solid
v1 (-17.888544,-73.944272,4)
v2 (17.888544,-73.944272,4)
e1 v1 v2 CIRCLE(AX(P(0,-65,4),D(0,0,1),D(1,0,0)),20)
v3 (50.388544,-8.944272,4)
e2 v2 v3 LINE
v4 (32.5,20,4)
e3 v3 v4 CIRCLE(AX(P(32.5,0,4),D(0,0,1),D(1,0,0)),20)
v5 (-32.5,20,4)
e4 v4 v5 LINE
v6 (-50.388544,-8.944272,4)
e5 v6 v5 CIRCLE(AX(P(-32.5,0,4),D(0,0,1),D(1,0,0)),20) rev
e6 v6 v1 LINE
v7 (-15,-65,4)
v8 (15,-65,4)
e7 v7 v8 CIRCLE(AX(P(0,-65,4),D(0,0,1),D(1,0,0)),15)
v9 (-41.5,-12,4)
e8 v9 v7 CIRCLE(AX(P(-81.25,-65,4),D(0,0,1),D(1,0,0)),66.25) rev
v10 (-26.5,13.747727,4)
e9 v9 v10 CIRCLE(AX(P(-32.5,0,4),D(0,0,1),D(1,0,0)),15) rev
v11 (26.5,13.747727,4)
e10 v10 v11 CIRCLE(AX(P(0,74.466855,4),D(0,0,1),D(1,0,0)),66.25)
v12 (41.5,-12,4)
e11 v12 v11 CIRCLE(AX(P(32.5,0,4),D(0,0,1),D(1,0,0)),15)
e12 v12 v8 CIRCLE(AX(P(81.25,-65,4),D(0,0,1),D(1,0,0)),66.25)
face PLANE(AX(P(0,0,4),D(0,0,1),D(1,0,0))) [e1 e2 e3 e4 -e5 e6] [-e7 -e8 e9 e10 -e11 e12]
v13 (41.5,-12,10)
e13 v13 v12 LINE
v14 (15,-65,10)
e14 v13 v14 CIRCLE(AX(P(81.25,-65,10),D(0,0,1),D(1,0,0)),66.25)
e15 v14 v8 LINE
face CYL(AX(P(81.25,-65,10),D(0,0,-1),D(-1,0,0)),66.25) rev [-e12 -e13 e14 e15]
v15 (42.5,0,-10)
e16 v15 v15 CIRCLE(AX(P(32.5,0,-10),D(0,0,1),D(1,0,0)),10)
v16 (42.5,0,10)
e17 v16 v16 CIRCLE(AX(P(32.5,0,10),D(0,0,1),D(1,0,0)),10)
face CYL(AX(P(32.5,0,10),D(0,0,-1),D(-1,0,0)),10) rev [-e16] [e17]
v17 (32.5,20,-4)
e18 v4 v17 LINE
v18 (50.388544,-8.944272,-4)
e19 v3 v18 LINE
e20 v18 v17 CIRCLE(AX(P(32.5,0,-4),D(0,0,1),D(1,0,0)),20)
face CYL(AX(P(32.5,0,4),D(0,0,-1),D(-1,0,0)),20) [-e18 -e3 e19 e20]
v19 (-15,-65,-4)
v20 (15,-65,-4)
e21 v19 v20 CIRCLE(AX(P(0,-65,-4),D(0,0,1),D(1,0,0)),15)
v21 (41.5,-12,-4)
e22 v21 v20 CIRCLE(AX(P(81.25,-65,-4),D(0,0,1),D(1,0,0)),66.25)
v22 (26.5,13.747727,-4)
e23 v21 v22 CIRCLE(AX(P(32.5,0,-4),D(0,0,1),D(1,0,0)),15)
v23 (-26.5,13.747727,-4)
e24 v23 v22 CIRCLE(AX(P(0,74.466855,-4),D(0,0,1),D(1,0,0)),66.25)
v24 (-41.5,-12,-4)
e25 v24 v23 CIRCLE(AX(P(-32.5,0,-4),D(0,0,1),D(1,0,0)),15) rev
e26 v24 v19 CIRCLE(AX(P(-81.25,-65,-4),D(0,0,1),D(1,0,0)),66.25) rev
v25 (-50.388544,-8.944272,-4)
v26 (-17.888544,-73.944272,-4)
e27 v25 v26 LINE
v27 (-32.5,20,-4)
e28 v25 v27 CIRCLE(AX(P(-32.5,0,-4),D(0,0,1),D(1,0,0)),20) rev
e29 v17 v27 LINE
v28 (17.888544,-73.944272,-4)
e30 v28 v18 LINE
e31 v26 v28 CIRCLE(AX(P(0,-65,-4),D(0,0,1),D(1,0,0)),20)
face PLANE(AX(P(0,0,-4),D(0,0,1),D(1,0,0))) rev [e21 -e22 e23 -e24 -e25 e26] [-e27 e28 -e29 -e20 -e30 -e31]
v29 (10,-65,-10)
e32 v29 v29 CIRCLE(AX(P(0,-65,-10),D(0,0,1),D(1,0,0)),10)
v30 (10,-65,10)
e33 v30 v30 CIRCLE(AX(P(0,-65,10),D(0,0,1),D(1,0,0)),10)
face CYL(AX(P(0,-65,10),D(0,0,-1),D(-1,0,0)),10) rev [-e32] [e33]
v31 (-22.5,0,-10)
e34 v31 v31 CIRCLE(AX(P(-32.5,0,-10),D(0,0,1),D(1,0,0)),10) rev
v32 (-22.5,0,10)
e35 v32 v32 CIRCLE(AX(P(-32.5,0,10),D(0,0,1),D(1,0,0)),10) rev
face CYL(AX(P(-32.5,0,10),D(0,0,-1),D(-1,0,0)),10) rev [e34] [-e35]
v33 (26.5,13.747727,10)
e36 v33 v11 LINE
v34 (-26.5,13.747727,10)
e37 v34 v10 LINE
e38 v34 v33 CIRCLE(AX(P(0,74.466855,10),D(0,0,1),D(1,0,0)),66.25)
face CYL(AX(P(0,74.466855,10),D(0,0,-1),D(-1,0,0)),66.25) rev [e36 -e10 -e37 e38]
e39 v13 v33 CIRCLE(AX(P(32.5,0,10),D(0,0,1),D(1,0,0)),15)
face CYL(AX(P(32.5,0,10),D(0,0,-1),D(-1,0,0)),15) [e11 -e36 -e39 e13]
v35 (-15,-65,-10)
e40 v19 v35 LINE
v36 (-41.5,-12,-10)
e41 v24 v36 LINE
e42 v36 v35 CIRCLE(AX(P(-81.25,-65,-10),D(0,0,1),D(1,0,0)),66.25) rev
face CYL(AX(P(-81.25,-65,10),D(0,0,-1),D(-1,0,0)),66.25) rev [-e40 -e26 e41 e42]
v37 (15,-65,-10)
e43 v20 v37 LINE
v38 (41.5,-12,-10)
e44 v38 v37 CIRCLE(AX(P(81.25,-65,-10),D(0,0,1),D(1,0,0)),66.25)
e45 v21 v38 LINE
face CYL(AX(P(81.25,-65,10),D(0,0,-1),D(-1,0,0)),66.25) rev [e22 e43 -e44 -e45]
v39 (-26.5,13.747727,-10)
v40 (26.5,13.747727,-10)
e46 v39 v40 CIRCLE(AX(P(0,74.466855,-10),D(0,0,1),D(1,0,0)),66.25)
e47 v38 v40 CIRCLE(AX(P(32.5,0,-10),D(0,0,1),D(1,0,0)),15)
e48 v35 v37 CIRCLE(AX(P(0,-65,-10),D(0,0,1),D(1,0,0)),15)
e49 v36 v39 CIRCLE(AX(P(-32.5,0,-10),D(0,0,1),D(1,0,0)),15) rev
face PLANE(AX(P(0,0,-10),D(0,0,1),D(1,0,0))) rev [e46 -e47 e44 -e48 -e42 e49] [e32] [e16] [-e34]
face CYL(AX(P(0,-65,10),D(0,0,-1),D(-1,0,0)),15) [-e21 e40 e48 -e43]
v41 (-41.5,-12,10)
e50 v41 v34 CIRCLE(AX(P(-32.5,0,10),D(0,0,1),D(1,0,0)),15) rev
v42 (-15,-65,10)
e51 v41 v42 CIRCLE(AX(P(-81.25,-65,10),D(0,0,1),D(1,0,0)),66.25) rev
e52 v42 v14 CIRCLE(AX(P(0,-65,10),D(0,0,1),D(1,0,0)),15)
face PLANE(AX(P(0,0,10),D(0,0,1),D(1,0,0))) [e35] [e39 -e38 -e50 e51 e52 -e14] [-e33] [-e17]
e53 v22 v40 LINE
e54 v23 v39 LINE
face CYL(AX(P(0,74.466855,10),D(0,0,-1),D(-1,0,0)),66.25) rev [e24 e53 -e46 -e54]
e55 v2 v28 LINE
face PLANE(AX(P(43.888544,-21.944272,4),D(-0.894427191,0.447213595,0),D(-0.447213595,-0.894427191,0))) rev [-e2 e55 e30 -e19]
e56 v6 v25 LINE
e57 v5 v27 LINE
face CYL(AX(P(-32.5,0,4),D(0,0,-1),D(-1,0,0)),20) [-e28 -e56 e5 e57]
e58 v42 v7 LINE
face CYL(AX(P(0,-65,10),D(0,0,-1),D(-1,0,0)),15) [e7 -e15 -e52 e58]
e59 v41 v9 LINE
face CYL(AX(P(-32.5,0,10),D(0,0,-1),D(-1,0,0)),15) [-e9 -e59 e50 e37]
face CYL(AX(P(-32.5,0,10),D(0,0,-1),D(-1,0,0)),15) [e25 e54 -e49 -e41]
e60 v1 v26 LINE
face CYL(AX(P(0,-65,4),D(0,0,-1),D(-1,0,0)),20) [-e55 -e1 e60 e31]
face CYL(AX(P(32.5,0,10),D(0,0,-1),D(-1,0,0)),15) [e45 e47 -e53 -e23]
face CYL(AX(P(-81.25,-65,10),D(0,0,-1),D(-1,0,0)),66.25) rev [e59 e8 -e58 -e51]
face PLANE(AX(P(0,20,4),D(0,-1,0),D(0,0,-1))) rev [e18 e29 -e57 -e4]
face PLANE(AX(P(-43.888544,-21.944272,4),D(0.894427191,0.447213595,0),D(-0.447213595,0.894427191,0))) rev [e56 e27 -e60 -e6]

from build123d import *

# Parameters (mm, degrees)
SKETCH1_R           = 10
BOSS_EXTRUDE1_DEPTH = 10
BOSS_EXTRUDE3_DEPTH = 4


with BuildPart() as part:
    # Sketch1 → Boss-Extrude1 (new, symmetric)
    with BuildSketch(Plane.XY):
        with BuildLine():
            ThreePointArc((15, -65), (21.994198596, -35.372099298), (41.5, -12))
            ThreePointArc((41.5, -12), (45.460955309, 7.550737546), (26.5, 13.747727085))
            ThreePointArc((26.5, 13.747727085), (0, 8.216855043), (-26.5, 13.747727085))
            ThreePointArc((-26.5, 13.747727085), (-45.460955309, 7.550737546), (-41.5, -12))
            ThreePointArc((-41.5, -12), (-21.994198596, -35.372099298), (-15, -65))
            ThreePointArc((-15, -65), (0, -80), (15, -65))
        make_face()
        with Locations((-32.5, 0)):
            Circle(SKETCH1_R, mode=Mode.SUBTRACT)
        with Locations((32.5, 0)):
            Circle(SKETCH1_R, mode=Mode.SUBTRACT)
        with Locations((0, -65)):
            Circle(SKETCH1_R, mode=Mode.SUBTRACT)
    extrude(amount=BOSS_EXTRUDE1_DEPTH, both=True)

    # Sketch1<4> → Boss-Extrude3 (add, symmetric)
    with BuildSketch(Plane.XY):
        with BuildLine():
            ThreePointArc((-32.5, 20), (-49.513016167, 10.514622242), (-50.38854382, -8.94427191))
            Line((-50.38854382, -8.94427191), (-17.88854382, -73.94427191))
            ThreePointArc((-17.88854382, -73.94427191), (0, -85), (17.88854382, -73.94427191))
            Line((17.88854382, -73.94427191), (50.38854382, -8.94427191))
            ThreePointArc((50.38854382, -8.94427191), (49.513016167, 10.514622242), (32.5, 20))
            Line((32.5, 20), (-32.5, 20))
        make_face()
        with BuildLine():
            ThreePointArc((26.5, 13.747727085), (45.460955309, 7.550737546), (41.5, -12))
            ThreePointArc((41.5, -12), (21.994198596, -35.372099298), (15, -65))
            ThreePointArc((15, -65), (0, -80), (-15, -65))
            ThreePointArc((-15, -65), (-21.994198596, -35.372099298), (-41.5, -12))
            ThreePointArc((-41.5, -12), (-45.460955309, 7.550737546), (-26.5, 13.747727085))
            ThreePointArc((-26.5, 13.747727085), (0, 8.216855043), (26.5, 13.747727085))
        make_face(mode=Mode.SUBTRACT)
    extrude(amount=BOSS_EXTRUDE3_DEPTH, both=True)


solid = part.part
